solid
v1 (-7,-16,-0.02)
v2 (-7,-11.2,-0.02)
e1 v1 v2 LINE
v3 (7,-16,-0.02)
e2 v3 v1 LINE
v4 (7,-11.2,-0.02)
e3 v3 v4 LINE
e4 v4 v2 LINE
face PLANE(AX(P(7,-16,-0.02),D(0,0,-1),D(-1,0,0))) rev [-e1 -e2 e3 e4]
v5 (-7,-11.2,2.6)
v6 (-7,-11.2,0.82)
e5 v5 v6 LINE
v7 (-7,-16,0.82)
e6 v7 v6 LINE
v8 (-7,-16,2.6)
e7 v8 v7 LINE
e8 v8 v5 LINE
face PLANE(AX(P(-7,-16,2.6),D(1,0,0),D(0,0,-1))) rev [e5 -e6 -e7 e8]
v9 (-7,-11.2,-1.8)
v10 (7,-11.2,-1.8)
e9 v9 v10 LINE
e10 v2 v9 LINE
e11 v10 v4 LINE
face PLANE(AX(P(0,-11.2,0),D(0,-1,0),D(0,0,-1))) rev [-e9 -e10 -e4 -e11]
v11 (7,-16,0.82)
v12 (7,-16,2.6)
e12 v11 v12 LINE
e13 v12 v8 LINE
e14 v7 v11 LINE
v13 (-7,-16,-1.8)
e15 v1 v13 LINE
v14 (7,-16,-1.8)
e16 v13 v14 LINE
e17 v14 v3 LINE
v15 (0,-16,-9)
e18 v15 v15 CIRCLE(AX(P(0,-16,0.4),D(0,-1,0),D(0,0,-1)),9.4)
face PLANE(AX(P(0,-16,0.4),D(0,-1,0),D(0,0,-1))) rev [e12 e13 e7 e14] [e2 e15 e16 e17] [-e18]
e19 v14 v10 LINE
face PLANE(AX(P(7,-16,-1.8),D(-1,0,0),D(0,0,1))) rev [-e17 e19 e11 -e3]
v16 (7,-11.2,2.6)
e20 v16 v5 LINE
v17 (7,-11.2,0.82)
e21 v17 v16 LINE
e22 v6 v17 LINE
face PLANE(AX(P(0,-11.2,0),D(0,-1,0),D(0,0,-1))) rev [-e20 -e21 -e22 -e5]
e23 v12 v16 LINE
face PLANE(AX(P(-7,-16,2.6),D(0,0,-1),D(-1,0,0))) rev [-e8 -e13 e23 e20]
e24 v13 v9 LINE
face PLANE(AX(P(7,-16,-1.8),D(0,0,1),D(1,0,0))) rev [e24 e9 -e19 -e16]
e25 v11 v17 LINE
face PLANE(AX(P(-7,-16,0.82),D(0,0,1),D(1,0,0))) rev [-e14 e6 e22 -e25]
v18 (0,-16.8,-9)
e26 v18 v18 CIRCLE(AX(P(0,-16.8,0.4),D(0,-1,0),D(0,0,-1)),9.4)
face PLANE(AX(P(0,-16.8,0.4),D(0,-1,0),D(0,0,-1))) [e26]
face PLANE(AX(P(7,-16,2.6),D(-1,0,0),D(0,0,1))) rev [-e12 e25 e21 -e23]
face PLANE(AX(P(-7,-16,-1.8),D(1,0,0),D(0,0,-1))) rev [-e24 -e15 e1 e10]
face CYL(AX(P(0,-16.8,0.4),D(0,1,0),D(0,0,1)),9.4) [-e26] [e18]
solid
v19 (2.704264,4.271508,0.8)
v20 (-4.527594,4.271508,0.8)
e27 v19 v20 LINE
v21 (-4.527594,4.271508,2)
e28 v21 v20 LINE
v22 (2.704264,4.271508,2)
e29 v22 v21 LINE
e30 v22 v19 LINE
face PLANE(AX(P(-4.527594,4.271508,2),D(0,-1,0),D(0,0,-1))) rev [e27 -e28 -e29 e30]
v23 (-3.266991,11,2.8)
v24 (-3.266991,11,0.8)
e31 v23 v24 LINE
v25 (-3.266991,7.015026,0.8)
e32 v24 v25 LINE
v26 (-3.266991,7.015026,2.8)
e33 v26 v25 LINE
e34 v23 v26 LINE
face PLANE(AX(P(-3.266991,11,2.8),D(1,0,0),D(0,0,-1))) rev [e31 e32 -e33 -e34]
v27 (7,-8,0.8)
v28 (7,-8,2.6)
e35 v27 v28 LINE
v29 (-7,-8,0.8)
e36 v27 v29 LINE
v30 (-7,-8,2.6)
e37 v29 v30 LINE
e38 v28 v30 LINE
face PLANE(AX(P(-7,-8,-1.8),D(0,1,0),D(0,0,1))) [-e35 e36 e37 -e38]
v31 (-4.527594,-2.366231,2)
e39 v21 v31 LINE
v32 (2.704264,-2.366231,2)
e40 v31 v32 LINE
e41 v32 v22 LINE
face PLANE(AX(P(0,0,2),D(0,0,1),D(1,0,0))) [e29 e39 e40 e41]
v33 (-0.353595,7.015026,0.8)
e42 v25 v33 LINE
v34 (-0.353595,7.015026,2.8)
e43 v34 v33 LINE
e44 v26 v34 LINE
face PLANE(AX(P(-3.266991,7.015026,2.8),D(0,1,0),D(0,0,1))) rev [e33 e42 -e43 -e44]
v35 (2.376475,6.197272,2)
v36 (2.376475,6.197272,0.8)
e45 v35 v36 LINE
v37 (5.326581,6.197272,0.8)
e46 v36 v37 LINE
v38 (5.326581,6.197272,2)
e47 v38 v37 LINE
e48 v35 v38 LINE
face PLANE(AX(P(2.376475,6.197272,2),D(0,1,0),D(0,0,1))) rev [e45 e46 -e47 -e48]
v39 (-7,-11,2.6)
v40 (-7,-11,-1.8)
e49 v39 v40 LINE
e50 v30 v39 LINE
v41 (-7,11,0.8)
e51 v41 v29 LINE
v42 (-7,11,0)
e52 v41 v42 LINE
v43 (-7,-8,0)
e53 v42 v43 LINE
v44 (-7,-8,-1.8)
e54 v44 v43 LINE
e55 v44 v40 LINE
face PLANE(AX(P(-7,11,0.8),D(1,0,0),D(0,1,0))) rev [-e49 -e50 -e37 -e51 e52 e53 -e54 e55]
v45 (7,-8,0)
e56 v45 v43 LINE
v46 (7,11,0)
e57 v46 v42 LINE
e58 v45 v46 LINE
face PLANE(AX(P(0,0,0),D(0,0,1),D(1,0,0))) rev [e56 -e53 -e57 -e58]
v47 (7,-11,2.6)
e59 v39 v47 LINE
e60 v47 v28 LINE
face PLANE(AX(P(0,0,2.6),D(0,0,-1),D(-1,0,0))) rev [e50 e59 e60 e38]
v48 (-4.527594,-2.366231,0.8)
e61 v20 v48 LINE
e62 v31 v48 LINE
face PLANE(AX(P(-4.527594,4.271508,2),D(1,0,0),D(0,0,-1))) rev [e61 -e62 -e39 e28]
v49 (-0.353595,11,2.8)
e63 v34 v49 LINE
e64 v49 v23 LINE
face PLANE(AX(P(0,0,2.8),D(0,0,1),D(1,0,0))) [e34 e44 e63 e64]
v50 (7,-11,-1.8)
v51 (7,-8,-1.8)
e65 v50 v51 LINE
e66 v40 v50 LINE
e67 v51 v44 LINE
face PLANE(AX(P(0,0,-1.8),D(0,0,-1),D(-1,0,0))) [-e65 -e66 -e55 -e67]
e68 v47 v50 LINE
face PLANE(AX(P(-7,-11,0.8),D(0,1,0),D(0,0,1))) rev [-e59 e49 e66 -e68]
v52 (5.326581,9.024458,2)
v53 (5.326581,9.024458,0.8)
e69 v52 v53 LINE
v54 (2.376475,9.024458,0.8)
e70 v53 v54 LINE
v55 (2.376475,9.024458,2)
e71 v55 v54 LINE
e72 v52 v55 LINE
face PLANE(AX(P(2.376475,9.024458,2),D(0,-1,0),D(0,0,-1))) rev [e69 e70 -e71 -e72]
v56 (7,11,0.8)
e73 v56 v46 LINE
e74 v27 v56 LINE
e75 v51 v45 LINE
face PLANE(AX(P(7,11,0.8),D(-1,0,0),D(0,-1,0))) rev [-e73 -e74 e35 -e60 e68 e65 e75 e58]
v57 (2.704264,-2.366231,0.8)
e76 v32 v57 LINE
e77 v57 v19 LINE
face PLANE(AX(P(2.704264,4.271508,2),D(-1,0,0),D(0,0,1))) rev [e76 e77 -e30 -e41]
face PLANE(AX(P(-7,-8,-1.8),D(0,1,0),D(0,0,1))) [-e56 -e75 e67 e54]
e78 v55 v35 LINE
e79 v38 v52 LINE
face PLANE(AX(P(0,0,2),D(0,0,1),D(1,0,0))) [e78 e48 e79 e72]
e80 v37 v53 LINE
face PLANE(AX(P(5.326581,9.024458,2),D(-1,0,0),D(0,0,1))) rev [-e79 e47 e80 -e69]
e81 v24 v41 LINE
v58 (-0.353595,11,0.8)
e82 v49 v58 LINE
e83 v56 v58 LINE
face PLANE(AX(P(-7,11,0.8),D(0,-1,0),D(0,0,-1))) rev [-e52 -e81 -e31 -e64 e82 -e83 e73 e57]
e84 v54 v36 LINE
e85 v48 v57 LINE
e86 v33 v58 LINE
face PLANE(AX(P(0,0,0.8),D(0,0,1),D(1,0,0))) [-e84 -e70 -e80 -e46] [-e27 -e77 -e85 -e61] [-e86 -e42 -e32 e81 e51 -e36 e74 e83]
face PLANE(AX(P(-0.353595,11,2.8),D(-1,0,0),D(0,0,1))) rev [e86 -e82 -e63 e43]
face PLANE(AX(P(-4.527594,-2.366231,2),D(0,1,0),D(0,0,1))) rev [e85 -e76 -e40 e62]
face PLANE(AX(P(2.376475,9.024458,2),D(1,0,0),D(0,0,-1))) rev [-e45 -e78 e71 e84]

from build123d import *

# Parameters (mm, degrees)
SKETCH1_W                = 14
SKETCH1_H                = 22
BOSS_EXTRUDE1_DEPTH      = 0.8
BOSS_EXTRUDE2_DEPTH      = 1.8
BOSS_EXTRUDE2_DEPTH_BACK = 2.6
SKETCH2_W                = 14
SKETCH2_H                = 3
SKETCH3_W                = 2.913396267
SKETCH3_H                = 3.984974105
BOSS_EXTRUDE3_DEPTH      = 2
SKETCH4_W                = 7.231858128
SKETCH4_H                = 6.637739472
SKETCH4_W_2              = 2.950106431
SKETCH4_H_2              = 2.82718533
BOSS_EXTRUDE4_DEPTH      = 1.2
BOSS_EXTRUDE5_START      = 0.2
SKETCH5_W                = 14
SKETCH5_H                = 1.78
BOSS_EXTRUDE5_DEPTH      = 4.8
BOSS_EXTRUDE5_2_DEPTH    = 4.8
SKETCH6_R                = 9.4
BOSS_EXTRUDE6_DEPTH      = 0.8


with BuildPart() as part:
    # Sketch1 → Boss-Extrude1 (new body)
    with BuildSketch(Plane.XY):
        Rectangle(SKETCH1_W, SKETCH1_H)
    extrude(amount=BOSS_EXTRUDE1_DEPTH)

    # Sketch2 → Boss-Extrude2 (add, two sides: drawn at the far end of the back side and taken through both)
    with BuildSketch(Plane.XY.offset(0.8).offset(-BOSS_EXTRUDE2_DEPTH_BACK)):
        with Locations((0, -9.5)):
            Rectangle(SKETCH2_W, SKETCH2_H)
    extrude(amount=BOSS_EXTRUDE2_DEPTH + BOSS_EXTRUDE2_DEPTH_BACK)

    # Sketch3 → Boss-Extrude3 (add)
    with BuildSketch(Plane.XY.offset(0.8)):
        with Locations((-1.810292651, 9.007512948)):
            Rectangle(SKETCH3_W, SKETCH3_H)
    extrude(amount=BOSS_EXTRUDE3_DEPTH)

    # Sketch4 → Boss-Extrude4 (add)
    with BuildSketch(Plane.XY.offset(0.8)):
        with Locations((-0.911664835, 0.952638535)):
            Rectangle(SKETCH4_W, SKETCH4_H)
        with Locations((3.851527842, 7.610864857)):
            Rectangle(SKETCH4_W_2, SKETCH4_H_2)
    extrude(amount=BOSS_EXTRUDE4_DEPTH)


with BuildPart() as body_2:
    # Sketch5 → Boss-Extrude5 (new body)
    with BuildSketch(Plane.XZ.offset(11).offset(BOSS_EXTRUDE5_START)):
        with Locations((0, 1.71)):
            Rectangle(SKETCH5_W, SKETCH5_H)
    extrude(amount=BOSS_EXTRUDE5_DEPTH)



with BuildPart() as body_3:
    # Sketch5 → Boss-Extrude5 2 (new body)
    with BuildSketch(Plane.XZ.offset(11).offset(BOSS_EXTRUDE5_START)):
        with Locations((0, -0.91)):
            Rectangle(SKETCH5_W, SKETCH5_H)
    extrude(amount=BOSS_EXTRUDE5_2_DEPTH)


with BuildPart() as body_2_1:
    add(body_2.part)

    add(body_3.part)  # Boss-Extrude6 merges body 3
    # Sketch6 → Boss-Extrude6 (add)
    with BuildSketch(Plane.XZ.offset(16)):
        with Locations(Location((0, 0.4, 0), (0, 0, 270))):
            Circle(SKETCH6_R)
    extrude(amount=BOSS_EXTRUDE6_DEPTH)


solid = Compound([part.part, body_2_1.part])
